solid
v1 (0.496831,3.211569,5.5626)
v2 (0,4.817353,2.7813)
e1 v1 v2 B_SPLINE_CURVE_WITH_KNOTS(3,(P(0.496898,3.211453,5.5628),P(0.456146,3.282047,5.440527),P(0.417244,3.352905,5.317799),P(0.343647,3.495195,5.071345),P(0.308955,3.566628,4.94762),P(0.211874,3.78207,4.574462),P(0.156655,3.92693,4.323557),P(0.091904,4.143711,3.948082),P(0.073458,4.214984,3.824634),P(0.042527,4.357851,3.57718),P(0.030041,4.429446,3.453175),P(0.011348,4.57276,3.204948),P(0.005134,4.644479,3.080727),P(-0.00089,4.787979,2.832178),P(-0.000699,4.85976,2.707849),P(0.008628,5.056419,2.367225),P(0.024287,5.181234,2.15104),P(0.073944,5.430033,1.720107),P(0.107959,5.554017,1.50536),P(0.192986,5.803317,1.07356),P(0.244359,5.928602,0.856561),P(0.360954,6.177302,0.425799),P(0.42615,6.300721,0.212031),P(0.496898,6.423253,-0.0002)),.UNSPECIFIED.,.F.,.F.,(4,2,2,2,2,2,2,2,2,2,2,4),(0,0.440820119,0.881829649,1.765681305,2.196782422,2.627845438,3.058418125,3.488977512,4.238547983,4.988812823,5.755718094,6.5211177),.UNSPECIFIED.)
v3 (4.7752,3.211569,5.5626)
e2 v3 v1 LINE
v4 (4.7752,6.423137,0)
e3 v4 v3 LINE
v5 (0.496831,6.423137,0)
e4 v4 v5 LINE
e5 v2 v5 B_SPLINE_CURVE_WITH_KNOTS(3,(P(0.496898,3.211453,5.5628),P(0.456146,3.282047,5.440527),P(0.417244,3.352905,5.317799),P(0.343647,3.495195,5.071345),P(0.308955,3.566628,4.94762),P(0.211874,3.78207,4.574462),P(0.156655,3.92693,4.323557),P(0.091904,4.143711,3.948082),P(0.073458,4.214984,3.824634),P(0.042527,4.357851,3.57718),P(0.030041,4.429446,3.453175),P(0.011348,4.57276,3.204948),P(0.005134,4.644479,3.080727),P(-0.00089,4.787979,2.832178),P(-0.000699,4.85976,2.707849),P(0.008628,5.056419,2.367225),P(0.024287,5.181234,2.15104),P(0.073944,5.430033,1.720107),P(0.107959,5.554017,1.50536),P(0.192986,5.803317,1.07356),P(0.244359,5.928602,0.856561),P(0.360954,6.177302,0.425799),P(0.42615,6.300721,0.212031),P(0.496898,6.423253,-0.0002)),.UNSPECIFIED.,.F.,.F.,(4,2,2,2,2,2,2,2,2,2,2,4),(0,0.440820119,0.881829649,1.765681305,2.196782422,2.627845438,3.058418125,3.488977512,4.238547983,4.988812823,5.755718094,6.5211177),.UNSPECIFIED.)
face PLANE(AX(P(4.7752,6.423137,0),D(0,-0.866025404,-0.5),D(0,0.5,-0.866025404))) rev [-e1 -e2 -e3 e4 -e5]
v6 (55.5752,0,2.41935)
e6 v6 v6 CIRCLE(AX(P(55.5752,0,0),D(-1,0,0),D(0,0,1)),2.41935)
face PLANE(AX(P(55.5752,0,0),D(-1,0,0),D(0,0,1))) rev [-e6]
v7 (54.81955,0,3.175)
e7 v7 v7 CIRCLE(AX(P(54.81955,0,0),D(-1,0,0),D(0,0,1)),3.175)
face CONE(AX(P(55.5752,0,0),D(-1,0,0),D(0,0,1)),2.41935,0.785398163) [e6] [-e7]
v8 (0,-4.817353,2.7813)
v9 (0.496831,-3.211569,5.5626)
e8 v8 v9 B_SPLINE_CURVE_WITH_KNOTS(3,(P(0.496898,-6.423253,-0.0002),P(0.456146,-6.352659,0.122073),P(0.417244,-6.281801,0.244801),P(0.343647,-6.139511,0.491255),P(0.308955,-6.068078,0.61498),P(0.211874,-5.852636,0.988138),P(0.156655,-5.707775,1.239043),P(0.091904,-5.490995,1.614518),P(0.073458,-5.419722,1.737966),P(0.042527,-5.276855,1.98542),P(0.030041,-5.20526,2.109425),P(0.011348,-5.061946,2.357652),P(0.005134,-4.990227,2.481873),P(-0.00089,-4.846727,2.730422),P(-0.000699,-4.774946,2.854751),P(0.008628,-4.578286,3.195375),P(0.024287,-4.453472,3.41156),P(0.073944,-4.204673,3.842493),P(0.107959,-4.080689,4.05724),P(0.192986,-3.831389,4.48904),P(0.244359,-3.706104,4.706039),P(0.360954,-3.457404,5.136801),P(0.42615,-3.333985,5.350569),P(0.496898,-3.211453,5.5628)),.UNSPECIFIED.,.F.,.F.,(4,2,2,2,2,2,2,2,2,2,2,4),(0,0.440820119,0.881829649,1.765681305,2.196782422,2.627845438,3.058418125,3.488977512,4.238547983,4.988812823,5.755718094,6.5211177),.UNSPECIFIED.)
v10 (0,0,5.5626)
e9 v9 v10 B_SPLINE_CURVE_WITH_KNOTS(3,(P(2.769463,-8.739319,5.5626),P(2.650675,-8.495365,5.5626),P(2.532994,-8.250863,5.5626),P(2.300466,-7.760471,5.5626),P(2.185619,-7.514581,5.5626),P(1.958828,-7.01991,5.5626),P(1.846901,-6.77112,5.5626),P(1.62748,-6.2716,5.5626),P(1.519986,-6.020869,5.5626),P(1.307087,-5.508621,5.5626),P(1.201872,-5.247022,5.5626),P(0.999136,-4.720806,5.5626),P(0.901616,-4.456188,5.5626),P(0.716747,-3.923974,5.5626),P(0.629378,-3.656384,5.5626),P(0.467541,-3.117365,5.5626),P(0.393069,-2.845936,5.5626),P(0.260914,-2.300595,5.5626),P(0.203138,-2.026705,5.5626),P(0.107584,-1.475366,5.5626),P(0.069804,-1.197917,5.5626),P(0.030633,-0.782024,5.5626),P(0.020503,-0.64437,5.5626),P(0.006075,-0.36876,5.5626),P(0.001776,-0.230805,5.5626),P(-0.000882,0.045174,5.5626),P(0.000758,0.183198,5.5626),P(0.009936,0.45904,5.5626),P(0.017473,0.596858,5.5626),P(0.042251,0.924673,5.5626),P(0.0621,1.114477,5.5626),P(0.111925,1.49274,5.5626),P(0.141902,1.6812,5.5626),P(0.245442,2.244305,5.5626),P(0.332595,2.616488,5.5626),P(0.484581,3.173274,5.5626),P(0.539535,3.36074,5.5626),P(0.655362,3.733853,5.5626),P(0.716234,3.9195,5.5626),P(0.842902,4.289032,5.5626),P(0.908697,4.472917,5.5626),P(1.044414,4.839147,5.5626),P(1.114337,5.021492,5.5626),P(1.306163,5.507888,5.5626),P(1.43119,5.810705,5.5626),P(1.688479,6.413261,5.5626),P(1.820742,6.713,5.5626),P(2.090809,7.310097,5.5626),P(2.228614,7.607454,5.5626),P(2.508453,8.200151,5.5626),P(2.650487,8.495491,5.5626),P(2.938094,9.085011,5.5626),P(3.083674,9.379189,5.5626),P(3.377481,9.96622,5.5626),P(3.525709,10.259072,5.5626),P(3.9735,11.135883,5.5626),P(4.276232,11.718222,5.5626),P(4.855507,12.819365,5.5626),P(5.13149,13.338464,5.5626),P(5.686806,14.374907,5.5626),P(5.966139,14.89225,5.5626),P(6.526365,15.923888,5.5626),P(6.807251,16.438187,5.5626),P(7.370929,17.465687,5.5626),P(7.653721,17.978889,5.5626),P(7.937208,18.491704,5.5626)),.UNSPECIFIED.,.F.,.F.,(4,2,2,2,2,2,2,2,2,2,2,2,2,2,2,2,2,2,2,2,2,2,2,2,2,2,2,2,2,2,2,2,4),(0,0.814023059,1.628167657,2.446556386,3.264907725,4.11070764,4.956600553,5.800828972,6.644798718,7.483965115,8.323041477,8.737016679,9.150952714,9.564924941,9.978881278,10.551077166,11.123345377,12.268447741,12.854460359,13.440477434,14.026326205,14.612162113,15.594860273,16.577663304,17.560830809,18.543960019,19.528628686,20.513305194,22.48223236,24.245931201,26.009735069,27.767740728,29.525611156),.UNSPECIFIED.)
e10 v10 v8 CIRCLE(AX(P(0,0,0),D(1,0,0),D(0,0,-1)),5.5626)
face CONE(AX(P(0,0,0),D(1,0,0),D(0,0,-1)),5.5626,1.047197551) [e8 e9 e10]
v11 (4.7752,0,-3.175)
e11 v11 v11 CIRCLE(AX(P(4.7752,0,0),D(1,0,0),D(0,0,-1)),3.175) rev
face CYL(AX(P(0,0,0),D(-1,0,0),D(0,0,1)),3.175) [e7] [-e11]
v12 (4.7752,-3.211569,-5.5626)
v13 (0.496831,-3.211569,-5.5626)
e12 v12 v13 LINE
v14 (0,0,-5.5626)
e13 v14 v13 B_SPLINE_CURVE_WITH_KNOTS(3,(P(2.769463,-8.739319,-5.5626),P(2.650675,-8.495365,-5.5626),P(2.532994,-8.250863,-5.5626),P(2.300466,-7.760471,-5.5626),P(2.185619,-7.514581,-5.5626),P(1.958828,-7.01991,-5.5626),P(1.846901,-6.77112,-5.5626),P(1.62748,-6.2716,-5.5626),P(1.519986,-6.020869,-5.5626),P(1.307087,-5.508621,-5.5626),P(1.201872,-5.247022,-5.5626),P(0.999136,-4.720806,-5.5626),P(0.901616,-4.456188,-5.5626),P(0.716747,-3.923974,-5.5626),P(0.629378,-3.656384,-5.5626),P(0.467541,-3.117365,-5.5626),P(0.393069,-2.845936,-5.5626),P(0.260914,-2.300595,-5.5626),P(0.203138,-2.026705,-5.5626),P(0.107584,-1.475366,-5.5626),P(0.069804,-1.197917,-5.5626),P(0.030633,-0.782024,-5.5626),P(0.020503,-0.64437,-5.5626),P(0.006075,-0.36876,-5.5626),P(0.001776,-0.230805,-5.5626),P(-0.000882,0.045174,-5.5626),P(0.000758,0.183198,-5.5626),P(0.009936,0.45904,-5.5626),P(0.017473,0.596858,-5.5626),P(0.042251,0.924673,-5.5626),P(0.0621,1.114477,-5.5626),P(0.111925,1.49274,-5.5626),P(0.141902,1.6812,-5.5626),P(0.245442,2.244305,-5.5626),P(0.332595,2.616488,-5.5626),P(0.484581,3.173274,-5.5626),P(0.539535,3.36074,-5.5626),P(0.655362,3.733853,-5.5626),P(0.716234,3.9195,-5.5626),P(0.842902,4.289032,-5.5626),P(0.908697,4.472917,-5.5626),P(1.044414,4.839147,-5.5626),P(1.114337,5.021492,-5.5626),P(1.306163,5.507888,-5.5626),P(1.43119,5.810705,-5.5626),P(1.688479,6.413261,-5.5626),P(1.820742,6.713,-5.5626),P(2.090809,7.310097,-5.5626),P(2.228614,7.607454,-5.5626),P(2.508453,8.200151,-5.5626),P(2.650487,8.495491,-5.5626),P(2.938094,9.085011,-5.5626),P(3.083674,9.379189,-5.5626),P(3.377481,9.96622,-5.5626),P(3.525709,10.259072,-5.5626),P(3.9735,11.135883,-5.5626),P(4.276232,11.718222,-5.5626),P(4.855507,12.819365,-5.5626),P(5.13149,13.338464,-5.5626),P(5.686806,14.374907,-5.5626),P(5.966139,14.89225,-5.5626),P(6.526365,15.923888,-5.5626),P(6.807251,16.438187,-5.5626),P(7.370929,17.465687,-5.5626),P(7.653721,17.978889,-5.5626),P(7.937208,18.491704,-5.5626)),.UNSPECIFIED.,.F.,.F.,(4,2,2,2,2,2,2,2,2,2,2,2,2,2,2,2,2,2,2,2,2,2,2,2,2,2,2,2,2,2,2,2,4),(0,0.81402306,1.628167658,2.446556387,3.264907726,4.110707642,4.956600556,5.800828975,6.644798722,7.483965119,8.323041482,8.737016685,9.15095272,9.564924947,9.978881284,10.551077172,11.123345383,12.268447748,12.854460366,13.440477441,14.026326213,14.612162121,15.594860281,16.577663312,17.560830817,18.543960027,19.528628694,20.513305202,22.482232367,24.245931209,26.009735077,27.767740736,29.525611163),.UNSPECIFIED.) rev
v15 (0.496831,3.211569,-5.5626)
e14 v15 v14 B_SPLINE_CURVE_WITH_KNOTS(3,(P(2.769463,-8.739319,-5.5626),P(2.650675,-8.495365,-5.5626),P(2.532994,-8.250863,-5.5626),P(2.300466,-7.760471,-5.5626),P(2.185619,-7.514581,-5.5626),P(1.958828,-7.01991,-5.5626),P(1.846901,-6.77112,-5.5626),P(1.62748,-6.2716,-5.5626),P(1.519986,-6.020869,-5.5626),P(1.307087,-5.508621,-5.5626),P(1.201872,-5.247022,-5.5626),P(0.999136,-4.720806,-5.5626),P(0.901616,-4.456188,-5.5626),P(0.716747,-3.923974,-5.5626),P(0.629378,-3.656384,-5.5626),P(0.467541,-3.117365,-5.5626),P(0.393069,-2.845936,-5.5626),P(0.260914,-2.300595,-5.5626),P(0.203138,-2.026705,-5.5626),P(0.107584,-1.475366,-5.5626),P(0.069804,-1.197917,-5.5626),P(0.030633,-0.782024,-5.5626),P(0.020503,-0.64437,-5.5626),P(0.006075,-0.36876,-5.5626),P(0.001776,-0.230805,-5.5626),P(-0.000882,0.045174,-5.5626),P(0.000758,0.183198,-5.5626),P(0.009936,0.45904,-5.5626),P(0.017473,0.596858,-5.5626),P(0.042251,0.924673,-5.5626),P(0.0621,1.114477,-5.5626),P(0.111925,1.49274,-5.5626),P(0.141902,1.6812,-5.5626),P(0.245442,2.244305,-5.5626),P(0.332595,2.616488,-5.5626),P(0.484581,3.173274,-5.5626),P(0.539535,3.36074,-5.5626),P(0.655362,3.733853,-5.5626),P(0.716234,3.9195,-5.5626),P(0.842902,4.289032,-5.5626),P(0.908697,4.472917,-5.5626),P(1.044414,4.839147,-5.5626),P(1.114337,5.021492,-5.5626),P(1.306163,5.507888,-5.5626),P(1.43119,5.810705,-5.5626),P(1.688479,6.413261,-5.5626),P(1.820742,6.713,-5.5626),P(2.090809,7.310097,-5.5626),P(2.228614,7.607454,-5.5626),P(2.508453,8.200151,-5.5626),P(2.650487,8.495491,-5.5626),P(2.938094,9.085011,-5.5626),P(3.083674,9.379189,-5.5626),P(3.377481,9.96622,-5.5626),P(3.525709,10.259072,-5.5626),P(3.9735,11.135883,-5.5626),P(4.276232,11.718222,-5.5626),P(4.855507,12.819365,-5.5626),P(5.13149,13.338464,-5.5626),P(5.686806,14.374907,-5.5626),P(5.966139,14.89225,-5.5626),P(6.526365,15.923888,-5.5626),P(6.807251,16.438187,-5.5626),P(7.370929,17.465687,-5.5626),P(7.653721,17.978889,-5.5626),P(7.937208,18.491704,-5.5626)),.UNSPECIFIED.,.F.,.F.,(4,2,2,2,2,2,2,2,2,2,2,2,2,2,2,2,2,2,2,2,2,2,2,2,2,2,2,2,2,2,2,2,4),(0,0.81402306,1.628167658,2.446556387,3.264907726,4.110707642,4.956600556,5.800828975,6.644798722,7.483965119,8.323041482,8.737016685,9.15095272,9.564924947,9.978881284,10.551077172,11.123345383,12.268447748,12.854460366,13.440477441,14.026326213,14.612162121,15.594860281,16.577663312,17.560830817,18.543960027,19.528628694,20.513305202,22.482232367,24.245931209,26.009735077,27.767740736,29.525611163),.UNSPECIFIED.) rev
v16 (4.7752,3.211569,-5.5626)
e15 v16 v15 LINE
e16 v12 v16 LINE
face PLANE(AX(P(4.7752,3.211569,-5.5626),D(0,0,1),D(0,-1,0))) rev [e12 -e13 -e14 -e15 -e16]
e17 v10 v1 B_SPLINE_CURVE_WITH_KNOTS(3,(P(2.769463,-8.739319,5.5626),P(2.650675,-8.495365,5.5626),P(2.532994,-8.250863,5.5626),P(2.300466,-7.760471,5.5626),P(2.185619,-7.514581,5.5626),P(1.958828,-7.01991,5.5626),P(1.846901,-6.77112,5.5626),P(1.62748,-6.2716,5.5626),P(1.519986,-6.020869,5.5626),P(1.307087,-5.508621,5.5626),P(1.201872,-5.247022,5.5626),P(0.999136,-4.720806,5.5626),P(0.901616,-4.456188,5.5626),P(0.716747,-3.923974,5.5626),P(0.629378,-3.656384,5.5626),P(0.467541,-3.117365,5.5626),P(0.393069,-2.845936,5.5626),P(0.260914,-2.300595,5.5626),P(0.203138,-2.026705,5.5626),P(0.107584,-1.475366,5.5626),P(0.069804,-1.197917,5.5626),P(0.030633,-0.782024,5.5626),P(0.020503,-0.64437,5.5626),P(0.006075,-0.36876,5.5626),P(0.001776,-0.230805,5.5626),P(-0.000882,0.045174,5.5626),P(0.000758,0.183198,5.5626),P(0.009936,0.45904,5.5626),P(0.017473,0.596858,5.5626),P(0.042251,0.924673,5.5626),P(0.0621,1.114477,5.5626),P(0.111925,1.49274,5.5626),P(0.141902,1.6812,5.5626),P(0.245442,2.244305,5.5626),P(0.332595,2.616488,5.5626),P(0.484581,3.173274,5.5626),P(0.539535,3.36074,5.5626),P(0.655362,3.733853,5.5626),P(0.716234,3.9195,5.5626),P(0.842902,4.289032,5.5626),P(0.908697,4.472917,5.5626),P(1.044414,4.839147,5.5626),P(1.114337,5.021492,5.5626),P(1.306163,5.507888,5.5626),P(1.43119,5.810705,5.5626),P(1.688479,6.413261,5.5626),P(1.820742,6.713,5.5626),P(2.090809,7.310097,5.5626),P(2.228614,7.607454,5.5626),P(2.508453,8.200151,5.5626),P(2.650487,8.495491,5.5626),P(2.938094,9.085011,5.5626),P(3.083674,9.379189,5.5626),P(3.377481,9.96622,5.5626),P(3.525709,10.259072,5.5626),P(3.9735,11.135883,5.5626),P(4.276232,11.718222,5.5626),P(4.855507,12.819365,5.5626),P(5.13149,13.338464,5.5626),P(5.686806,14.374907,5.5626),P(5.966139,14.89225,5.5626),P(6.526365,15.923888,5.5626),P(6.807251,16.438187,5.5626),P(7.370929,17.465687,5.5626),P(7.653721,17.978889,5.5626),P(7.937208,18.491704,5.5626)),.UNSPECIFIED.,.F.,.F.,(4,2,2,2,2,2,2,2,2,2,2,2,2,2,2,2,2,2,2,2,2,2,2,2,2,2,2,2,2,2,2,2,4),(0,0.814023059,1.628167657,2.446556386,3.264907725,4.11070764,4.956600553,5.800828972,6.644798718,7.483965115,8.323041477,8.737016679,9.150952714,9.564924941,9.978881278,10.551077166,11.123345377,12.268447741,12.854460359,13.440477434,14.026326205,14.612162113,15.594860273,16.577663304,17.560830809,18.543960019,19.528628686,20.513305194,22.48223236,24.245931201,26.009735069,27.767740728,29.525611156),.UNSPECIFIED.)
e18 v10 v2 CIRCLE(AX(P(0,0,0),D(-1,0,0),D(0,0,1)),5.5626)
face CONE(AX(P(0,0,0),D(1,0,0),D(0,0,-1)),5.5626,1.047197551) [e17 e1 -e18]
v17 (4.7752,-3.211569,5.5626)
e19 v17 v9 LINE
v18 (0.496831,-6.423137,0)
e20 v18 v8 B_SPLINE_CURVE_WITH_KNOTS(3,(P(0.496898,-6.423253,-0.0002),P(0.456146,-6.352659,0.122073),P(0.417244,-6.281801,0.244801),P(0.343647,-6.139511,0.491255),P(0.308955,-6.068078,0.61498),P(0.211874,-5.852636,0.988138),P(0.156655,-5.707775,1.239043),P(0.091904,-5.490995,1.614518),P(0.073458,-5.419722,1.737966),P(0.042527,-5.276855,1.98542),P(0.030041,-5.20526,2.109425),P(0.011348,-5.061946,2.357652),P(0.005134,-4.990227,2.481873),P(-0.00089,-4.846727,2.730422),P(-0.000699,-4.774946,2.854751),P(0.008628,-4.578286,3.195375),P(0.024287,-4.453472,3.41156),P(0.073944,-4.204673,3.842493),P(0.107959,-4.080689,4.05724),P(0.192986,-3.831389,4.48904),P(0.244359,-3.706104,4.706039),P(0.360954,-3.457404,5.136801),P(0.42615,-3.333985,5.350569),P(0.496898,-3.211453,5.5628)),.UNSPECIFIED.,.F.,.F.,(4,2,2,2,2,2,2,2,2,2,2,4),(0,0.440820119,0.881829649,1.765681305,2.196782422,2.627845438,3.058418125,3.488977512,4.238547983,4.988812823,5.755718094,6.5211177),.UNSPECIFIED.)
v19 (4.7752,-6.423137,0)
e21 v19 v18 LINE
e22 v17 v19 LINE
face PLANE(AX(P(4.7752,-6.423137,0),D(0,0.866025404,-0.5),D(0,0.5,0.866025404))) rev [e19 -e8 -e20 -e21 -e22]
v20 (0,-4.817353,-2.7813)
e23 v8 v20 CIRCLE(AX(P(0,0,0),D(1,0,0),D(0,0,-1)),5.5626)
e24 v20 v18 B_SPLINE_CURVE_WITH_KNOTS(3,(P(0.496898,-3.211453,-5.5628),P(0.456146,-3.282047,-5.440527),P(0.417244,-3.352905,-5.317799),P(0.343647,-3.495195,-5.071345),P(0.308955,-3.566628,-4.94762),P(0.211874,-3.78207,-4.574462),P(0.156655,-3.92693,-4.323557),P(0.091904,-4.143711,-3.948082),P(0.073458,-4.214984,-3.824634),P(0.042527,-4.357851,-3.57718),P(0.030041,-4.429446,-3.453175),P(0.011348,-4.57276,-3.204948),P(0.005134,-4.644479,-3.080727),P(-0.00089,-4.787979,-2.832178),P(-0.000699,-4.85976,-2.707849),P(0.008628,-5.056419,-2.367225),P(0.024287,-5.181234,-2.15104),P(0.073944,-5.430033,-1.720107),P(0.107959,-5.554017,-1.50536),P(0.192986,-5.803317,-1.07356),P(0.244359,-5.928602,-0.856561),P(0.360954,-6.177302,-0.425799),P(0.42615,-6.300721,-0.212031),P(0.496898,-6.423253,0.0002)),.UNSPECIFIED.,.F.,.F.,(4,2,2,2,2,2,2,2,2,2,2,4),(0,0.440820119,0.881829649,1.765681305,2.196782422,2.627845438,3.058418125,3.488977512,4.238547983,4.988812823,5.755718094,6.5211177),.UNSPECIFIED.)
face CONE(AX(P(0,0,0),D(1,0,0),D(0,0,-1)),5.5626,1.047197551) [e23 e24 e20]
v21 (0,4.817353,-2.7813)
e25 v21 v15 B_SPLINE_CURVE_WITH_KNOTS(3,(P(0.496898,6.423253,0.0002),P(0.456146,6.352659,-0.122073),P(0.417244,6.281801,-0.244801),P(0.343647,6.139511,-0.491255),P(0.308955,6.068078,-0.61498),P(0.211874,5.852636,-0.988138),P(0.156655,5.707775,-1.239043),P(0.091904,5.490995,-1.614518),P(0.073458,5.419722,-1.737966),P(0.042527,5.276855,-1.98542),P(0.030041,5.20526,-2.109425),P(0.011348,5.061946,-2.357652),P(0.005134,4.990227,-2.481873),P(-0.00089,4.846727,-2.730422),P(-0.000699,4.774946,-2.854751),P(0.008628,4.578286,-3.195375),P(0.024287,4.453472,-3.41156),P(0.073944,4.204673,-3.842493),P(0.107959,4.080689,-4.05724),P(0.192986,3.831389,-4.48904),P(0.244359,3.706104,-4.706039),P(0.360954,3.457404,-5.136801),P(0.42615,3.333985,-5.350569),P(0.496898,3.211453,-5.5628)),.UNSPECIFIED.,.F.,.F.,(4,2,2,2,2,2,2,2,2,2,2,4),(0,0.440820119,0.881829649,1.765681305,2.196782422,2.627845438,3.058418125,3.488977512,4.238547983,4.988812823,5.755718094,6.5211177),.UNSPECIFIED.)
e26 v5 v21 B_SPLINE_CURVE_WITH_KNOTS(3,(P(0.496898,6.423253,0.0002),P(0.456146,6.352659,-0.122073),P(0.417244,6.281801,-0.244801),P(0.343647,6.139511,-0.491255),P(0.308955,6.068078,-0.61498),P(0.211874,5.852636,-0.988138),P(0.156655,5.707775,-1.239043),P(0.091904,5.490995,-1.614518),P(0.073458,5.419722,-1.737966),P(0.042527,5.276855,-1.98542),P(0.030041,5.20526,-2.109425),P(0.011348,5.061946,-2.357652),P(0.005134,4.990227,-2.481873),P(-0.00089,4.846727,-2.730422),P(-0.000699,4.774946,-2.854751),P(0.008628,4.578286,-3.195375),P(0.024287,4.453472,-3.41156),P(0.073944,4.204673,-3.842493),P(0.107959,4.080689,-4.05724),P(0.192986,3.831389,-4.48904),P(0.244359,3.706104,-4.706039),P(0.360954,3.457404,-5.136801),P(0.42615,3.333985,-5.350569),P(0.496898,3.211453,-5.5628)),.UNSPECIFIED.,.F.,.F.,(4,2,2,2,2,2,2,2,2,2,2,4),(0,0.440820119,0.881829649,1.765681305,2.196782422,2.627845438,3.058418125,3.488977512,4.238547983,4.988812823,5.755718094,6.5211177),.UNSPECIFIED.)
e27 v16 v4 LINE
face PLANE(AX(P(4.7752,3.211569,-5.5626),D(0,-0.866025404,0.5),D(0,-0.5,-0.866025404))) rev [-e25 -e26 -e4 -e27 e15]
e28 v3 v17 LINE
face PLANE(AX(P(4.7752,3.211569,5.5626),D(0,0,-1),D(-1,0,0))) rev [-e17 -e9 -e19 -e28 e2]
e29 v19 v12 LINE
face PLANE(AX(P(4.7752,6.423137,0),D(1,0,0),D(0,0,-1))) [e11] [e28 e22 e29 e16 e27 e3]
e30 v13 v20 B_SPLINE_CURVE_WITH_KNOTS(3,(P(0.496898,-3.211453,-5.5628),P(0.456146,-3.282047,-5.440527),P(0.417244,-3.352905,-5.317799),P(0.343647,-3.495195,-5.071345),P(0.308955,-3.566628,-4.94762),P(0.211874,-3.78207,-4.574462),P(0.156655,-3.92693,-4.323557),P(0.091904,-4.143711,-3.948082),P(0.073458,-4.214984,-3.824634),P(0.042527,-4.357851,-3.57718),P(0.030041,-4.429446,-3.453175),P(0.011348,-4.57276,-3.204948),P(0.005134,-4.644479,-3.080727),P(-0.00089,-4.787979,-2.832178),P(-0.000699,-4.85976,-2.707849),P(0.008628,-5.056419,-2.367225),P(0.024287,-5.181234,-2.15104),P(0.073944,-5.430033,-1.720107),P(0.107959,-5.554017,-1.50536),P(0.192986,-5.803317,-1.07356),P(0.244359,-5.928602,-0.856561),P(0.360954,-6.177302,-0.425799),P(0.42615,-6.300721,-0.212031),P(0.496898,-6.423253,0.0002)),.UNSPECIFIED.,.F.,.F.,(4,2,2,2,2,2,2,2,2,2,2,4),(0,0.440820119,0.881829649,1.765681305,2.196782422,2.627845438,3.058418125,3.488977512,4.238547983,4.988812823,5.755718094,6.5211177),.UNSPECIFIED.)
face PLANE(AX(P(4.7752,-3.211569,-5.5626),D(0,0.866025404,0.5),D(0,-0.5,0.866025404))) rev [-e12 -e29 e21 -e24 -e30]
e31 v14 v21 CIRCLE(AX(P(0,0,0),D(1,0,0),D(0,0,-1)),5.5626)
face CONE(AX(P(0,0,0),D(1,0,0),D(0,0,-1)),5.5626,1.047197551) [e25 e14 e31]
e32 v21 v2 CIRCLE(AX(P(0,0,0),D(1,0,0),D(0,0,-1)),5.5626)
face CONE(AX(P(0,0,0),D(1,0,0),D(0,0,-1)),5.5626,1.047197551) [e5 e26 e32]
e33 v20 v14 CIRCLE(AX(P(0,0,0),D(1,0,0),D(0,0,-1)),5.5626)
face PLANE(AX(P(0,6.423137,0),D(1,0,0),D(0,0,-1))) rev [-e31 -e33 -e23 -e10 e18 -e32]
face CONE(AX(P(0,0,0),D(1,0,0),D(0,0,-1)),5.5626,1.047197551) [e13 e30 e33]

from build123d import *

# Parameters (mm, degrees)
BASEHEAD_DEPTH = 4.7752


with BuildPart() as part:
    # Sketch1 → BaseHead (new body)
    with BuildSketch(Plane(origin=(0, 0, 0), x_dir=(0, 0, -1), z_dir=(1, 0, 0))):
        Polygon((5.5626, 3.211568607), (5.5626, -3.211568607), (0, -6.423137215), (-5.5626, -3.211568607), (-5.5626, 3.211568607), (0, 6.423137215), align=None)
    extrude(amount=BASEHEAD_DEPTH)

    # BodySke → BaseBody (revolve)
    with BuildSketch(Plane.XY, mode=Mode.PRIVATE) as basebody_sk:
        Polygon((0, 0), (55.5752, 0), (55.5752, 2.41935), (54.81955, 3.175), (0, 3.175), align=None)
    revolve(basebody_sk.sketch.rotate(Axis((0, 0, 0), (1, 0, 0)), 90), axis=Axis((0, 0, 0), (1, 0, 0)))

    # Sketch3 → HeadChamfer (revolve, cut)
    with BuildSketch(Plane.XY):
        Polygon((0, 5.5626), (4.163005602, 12.773137215), (4.163005602, 19.123137215), (-12.7, 19.123137215), (-12.7, 5.5626), align=None)
    revolve(axis=Axis((0, 0, 0), (1, 0, 0)), mode=Mode.SUBTRACT)


solid = part.part
